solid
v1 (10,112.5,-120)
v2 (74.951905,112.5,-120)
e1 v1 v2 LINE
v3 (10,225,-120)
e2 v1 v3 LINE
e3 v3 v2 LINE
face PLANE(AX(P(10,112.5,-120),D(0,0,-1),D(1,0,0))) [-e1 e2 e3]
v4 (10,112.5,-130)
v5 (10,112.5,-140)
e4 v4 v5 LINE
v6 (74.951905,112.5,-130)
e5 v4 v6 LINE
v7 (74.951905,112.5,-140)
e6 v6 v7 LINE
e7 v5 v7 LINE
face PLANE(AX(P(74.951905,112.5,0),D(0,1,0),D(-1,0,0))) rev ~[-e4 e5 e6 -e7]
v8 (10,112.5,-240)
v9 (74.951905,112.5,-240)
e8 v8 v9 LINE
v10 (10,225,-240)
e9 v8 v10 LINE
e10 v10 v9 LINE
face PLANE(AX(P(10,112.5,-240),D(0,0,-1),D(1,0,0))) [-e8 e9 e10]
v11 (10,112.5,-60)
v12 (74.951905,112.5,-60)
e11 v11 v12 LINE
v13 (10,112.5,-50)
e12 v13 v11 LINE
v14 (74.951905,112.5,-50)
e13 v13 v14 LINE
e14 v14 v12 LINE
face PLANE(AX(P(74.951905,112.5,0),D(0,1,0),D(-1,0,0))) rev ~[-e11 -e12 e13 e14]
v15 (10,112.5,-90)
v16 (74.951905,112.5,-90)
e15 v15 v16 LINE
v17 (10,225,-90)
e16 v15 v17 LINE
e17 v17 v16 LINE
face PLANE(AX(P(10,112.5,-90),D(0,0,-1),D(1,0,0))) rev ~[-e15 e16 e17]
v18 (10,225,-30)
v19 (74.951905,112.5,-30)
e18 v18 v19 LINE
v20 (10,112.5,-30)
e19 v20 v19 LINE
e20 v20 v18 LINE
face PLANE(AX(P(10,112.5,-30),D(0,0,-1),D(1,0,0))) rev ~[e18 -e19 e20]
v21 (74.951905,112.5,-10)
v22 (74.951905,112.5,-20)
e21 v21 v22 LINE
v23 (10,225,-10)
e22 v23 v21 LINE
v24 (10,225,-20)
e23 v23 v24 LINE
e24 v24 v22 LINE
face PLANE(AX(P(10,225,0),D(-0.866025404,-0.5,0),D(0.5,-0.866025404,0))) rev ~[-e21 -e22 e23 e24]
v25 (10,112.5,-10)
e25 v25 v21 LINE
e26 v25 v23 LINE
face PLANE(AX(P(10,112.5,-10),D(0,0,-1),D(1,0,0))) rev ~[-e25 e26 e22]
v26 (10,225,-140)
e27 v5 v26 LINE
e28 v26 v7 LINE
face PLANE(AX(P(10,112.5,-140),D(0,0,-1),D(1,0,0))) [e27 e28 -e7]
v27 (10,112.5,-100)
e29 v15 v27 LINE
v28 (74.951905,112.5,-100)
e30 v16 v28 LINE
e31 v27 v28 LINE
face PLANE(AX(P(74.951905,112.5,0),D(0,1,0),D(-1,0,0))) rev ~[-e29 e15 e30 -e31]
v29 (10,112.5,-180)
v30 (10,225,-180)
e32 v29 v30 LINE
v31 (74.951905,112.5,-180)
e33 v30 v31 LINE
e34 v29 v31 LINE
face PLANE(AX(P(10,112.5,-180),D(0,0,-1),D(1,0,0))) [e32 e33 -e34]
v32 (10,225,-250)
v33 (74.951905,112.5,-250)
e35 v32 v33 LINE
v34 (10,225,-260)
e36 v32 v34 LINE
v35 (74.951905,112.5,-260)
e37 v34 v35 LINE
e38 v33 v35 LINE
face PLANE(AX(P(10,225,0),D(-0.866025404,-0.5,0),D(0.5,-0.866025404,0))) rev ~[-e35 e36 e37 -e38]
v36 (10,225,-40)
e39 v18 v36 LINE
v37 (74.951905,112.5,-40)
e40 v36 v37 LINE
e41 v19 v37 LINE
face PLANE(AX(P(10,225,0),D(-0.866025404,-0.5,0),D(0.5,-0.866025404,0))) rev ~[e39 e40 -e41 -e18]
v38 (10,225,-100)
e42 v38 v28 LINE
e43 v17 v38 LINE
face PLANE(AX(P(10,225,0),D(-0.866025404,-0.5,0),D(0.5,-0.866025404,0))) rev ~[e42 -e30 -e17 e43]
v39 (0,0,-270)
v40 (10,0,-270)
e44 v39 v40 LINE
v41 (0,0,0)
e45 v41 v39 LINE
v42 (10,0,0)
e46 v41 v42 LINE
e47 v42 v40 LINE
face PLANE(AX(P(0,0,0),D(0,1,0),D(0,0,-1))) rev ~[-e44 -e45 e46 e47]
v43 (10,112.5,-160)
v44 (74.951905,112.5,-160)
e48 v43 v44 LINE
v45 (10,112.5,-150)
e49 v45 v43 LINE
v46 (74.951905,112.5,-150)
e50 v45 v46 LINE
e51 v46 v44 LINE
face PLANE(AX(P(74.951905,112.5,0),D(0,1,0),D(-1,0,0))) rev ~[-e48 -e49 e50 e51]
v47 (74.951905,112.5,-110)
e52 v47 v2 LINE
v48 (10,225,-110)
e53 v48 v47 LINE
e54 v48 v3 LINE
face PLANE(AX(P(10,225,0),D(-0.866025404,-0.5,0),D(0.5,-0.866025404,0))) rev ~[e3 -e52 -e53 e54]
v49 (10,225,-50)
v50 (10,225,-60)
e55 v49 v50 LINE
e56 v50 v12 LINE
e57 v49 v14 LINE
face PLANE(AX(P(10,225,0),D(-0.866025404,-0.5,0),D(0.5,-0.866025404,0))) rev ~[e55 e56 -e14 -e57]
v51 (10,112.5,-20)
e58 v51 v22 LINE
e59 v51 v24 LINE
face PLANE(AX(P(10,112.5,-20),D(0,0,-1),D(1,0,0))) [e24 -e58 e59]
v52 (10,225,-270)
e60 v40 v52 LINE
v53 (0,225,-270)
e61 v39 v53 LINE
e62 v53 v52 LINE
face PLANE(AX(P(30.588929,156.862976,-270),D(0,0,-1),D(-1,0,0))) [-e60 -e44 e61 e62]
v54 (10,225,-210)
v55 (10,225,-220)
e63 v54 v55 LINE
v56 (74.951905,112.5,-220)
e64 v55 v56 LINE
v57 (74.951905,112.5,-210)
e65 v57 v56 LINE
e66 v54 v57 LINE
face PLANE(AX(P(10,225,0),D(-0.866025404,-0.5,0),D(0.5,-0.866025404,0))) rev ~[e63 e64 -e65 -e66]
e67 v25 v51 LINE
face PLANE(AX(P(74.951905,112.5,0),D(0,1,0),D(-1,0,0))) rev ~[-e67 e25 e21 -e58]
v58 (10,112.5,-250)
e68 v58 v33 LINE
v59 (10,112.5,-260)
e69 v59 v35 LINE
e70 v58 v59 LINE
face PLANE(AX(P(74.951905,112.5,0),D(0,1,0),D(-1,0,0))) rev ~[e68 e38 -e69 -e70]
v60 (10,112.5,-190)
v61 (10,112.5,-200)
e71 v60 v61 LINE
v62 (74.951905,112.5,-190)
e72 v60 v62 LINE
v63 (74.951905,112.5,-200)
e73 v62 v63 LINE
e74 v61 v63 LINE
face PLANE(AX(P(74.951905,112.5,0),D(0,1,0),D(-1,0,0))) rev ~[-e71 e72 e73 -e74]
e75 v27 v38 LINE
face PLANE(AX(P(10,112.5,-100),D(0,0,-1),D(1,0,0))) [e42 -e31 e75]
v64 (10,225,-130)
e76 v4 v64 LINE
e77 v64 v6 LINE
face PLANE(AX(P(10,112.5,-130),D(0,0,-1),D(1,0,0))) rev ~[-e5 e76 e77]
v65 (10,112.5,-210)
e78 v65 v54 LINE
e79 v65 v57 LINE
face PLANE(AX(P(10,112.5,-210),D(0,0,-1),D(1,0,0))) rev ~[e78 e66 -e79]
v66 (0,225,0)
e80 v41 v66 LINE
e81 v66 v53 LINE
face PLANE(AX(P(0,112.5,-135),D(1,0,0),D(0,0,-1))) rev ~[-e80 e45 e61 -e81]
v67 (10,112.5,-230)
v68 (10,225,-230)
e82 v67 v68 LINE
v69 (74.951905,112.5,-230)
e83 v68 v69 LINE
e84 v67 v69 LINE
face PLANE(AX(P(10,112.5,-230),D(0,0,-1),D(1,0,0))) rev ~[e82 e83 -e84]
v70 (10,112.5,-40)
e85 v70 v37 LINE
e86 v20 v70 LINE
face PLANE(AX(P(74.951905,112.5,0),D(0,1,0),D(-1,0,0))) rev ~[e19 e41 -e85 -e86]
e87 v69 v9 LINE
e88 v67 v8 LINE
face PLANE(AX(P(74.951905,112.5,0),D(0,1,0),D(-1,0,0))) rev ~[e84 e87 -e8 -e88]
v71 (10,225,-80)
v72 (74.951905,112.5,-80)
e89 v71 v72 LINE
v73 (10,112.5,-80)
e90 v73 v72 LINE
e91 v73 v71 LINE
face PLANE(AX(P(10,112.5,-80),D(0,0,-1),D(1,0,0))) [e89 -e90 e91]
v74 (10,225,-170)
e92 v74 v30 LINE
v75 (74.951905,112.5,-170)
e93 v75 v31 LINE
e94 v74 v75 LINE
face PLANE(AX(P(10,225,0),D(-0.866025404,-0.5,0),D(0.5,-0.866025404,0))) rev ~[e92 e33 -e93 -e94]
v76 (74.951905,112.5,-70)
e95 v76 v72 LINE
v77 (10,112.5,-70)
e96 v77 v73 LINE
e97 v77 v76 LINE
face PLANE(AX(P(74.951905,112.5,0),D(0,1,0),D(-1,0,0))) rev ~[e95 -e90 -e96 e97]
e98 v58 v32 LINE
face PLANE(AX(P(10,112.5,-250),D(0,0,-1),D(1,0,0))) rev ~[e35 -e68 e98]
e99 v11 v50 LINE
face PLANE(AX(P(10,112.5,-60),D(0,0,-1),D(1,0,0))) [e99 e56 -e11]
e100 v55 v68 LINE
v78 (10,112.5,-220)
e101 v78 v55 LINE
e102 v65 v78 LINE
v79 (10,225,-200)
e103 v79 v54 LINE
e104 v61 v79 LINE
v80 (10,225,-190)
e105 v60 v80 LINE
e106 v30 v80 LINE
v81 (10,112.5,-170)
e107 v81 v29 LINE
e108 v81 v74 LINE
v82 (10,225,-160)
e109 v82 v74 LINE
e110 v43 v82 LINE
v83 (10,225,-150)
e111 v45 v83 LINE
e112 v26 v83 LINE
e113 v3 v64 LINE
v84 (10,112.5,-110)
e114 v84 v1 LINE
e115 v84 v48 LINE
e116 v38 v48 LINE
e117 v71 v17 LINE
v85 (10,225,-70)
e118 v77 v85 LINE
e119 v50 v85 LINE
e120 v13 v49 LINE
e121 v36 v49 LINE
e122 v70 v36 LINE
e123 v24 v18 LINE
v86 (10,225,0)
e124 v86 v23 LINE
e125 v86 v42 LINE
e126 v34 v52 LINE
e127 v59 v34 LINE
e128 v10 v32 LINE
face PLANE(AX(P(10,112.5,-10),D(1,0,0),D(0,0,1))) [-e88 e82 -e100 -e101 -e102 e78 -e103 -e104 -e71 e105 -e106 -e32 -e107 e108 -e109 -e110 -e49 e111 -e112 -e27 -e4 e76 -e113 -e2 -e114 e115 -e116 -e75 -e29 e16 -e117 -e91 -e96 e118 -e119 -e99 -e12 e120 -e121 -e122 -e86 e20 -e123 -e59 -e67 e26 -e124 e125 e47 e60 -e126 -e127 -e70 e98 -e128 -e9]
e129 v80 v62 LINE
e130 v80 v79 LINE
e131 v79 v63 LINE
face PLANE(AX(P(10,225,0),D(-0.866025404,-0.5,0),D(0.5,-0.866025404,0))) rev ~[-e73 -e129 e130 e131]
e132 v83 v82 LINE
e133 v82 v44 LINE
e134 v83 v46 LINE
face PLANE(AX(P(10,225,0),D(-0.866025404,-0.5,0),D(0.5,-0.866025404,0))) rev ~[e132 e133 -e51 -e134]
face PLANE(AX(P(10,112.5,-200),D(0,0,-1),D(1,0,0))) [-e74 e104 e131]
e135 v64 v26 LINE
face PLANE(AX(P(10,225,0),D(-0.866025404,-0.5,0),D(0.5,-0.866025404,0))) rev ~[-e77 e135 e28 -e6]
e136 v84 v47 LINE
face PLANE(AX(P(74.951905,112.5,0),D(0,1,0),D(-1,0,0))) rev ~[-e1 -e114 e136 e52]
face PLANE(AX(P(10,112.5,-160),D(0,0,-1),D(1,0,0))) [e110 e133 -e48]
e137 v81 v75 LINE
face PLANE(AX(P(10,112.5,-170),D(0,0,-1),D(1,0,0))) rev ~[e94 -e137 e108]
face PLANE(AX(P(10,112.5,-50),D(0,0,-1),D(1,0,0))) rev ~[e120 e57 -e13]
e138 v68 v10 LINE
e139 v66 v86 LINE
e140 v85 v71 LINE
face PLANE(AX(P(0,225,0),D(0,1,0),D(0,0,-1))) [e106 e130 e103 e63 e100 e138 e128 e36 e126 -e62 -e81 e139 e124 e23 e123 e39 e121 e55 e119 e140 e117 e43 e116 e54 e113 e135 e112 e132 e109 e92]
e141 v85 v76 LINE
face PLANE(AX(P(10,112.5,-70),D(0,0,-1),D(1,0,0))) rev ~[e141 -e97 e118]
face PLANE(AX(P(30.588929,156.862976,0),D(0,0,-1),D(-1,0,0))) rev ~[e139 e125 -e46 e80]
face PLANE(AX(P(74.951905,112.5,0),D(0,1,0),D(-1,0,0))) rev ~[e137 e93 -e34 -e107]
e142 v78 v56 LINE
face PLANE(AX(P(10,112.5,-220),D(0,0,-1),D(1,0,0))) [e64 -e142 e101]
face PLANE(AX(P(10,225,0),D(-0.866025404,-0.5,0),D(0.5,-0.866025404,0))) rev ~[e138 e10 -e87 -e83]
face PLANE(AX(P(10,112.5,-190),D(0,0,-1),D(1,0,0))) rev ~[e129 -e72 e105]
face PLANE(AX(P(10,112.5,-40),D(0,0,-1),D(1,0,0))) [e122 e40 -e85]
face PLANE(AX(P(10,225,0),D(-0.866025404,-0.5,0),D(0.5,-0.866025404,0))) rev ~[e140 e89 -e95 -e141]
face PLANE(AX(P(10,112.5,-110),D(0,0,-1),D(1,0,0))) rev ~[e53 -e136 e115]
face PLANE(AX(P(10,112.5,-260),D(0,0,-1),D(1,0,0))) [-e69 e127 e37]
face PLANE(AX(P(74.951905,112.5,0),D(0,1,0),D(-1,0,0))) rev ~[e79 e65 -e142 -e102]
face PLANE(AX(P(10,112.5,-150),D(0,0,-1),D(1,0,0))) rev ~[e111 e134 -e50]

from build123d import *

# Parameters (mm, degrees)
SKETCH2_W           = 270
SKETCH2_H           = 225
BOSS_EXTRUDE1_DEPTH = 10
BOSS_EXTRUDE4_DEPTH = 270
SKETCH5_W           = 64.951905284
SKETCH5_H           = 10
CUT_EXTRUDE1_DEPTH  = 302.95039014
SKETCH6_W           = 64.951905284
SKETCH6_H           = 10
CUT_EXTRUDE2_DEPTH  = 302.95039014
SKETCH7_W           = 64.951905284
SKETCH7_H           = 10
CUT_EXTRUDE3_DEPTH  = 302.95039014


with BuildPart() as part:
    # Sketch2 → Boss-Extrude1 (new body)
    with BuildSketch(Plane(origin=(0, 0, 0), x_dir=(0, 0, -1), z_dir=(1, 0, 0))):
        with Locations((135, 112.5)):
            Rectangle(SKETCH2_W, SKETCH2_H)
    extrude(amount=BOSS_EXTRUDE1_DEPTH)

    # Sketch4 → Boss-Extrude4 (add)
    with BuildSketch(Plane.XY):
        Polygon((10, 225), (74.951905284, 112.5), (10, 112.5), align=None)
    extrude(amount=-BOSS_EXTRUDE4_DEPTH)

    # Sketch5 → Cut-Extrude1 (cut, through all)
    with BuildSketch(Plane.XZ.offset(-112.5)):
        with Locations((42.475952642, -265)):
            Rectangle(SKETCH5_W, SKETCH5_H)
    extrude(amount=-CUT_EXTRUDE1_DEPTH, mode=Mode.SUBTRACT)

    # Sketch6 → Cut-Extrude2 (cut, through all)
    with BuildSketch(Plane.XZ.offset(-112.5)):
        with Locations((42.475952642, -245)):
            Rectangle(SKETCH6_W, SKETCH6_H)
    extrude(amount=-CUT_EXTRUDE2_DEPTH, mode=Mode.SUBTRACT)

    # Sketch7 → Cut-Extrude3 (cut, through all)
    with BuildSketch(Plane.XZ.offset(-112.5)):
        with Locations((42.475952642, -5)):
            Rectangle(SKETCH7_W, SKETCH7_H)
        with Locations((42.475952642, -25)):
            Rectangle(SKETCH7_W, SKETCH7_H)
        with Locations((42.475952642, -45)):
            Rectangle(SKETCH7_W, SKETCH7_H)
        with Locations((42.475952642, -65)):
            Rectangle(SKETCH7_W, SKETCH7_H)
        with Locations((42.475952642, -85)):
            Rectangle(SKETCH7_W, SKETCH7_H)
        with Locations((42.475952642, -105)):
            Rectangle(SKETCH7_W, SKETCH7_H)
        with Locations((42.475952642, -125)):
            Rectangle(SKETCH7_W, SKETCH7_H)
        with Locations((42.475952642, -145)):
            Rectangle(SKETCH7_W, SKETCH7_H)
        with Locations((42.475952642, -165)):
            Rectangle(SKETCH7_W, SKETCH7_H)
        with Locations((42.475952642, -185)):
            Rectangle(SKETCH7_W, SKETCH7_H)
        with Locations((42.475952642, -205)):
            Rectangle(SKETCH7_W, SKETCH7_H)
        with Locations((42.475952642, -225)):
            Rectangle(SKETCH7_W, SKETCH7_H)
    extrude(amount=-CUT_EXTRUDE3_DEPTH, mode=Mode.SUBTRACT)


solid = part.part
